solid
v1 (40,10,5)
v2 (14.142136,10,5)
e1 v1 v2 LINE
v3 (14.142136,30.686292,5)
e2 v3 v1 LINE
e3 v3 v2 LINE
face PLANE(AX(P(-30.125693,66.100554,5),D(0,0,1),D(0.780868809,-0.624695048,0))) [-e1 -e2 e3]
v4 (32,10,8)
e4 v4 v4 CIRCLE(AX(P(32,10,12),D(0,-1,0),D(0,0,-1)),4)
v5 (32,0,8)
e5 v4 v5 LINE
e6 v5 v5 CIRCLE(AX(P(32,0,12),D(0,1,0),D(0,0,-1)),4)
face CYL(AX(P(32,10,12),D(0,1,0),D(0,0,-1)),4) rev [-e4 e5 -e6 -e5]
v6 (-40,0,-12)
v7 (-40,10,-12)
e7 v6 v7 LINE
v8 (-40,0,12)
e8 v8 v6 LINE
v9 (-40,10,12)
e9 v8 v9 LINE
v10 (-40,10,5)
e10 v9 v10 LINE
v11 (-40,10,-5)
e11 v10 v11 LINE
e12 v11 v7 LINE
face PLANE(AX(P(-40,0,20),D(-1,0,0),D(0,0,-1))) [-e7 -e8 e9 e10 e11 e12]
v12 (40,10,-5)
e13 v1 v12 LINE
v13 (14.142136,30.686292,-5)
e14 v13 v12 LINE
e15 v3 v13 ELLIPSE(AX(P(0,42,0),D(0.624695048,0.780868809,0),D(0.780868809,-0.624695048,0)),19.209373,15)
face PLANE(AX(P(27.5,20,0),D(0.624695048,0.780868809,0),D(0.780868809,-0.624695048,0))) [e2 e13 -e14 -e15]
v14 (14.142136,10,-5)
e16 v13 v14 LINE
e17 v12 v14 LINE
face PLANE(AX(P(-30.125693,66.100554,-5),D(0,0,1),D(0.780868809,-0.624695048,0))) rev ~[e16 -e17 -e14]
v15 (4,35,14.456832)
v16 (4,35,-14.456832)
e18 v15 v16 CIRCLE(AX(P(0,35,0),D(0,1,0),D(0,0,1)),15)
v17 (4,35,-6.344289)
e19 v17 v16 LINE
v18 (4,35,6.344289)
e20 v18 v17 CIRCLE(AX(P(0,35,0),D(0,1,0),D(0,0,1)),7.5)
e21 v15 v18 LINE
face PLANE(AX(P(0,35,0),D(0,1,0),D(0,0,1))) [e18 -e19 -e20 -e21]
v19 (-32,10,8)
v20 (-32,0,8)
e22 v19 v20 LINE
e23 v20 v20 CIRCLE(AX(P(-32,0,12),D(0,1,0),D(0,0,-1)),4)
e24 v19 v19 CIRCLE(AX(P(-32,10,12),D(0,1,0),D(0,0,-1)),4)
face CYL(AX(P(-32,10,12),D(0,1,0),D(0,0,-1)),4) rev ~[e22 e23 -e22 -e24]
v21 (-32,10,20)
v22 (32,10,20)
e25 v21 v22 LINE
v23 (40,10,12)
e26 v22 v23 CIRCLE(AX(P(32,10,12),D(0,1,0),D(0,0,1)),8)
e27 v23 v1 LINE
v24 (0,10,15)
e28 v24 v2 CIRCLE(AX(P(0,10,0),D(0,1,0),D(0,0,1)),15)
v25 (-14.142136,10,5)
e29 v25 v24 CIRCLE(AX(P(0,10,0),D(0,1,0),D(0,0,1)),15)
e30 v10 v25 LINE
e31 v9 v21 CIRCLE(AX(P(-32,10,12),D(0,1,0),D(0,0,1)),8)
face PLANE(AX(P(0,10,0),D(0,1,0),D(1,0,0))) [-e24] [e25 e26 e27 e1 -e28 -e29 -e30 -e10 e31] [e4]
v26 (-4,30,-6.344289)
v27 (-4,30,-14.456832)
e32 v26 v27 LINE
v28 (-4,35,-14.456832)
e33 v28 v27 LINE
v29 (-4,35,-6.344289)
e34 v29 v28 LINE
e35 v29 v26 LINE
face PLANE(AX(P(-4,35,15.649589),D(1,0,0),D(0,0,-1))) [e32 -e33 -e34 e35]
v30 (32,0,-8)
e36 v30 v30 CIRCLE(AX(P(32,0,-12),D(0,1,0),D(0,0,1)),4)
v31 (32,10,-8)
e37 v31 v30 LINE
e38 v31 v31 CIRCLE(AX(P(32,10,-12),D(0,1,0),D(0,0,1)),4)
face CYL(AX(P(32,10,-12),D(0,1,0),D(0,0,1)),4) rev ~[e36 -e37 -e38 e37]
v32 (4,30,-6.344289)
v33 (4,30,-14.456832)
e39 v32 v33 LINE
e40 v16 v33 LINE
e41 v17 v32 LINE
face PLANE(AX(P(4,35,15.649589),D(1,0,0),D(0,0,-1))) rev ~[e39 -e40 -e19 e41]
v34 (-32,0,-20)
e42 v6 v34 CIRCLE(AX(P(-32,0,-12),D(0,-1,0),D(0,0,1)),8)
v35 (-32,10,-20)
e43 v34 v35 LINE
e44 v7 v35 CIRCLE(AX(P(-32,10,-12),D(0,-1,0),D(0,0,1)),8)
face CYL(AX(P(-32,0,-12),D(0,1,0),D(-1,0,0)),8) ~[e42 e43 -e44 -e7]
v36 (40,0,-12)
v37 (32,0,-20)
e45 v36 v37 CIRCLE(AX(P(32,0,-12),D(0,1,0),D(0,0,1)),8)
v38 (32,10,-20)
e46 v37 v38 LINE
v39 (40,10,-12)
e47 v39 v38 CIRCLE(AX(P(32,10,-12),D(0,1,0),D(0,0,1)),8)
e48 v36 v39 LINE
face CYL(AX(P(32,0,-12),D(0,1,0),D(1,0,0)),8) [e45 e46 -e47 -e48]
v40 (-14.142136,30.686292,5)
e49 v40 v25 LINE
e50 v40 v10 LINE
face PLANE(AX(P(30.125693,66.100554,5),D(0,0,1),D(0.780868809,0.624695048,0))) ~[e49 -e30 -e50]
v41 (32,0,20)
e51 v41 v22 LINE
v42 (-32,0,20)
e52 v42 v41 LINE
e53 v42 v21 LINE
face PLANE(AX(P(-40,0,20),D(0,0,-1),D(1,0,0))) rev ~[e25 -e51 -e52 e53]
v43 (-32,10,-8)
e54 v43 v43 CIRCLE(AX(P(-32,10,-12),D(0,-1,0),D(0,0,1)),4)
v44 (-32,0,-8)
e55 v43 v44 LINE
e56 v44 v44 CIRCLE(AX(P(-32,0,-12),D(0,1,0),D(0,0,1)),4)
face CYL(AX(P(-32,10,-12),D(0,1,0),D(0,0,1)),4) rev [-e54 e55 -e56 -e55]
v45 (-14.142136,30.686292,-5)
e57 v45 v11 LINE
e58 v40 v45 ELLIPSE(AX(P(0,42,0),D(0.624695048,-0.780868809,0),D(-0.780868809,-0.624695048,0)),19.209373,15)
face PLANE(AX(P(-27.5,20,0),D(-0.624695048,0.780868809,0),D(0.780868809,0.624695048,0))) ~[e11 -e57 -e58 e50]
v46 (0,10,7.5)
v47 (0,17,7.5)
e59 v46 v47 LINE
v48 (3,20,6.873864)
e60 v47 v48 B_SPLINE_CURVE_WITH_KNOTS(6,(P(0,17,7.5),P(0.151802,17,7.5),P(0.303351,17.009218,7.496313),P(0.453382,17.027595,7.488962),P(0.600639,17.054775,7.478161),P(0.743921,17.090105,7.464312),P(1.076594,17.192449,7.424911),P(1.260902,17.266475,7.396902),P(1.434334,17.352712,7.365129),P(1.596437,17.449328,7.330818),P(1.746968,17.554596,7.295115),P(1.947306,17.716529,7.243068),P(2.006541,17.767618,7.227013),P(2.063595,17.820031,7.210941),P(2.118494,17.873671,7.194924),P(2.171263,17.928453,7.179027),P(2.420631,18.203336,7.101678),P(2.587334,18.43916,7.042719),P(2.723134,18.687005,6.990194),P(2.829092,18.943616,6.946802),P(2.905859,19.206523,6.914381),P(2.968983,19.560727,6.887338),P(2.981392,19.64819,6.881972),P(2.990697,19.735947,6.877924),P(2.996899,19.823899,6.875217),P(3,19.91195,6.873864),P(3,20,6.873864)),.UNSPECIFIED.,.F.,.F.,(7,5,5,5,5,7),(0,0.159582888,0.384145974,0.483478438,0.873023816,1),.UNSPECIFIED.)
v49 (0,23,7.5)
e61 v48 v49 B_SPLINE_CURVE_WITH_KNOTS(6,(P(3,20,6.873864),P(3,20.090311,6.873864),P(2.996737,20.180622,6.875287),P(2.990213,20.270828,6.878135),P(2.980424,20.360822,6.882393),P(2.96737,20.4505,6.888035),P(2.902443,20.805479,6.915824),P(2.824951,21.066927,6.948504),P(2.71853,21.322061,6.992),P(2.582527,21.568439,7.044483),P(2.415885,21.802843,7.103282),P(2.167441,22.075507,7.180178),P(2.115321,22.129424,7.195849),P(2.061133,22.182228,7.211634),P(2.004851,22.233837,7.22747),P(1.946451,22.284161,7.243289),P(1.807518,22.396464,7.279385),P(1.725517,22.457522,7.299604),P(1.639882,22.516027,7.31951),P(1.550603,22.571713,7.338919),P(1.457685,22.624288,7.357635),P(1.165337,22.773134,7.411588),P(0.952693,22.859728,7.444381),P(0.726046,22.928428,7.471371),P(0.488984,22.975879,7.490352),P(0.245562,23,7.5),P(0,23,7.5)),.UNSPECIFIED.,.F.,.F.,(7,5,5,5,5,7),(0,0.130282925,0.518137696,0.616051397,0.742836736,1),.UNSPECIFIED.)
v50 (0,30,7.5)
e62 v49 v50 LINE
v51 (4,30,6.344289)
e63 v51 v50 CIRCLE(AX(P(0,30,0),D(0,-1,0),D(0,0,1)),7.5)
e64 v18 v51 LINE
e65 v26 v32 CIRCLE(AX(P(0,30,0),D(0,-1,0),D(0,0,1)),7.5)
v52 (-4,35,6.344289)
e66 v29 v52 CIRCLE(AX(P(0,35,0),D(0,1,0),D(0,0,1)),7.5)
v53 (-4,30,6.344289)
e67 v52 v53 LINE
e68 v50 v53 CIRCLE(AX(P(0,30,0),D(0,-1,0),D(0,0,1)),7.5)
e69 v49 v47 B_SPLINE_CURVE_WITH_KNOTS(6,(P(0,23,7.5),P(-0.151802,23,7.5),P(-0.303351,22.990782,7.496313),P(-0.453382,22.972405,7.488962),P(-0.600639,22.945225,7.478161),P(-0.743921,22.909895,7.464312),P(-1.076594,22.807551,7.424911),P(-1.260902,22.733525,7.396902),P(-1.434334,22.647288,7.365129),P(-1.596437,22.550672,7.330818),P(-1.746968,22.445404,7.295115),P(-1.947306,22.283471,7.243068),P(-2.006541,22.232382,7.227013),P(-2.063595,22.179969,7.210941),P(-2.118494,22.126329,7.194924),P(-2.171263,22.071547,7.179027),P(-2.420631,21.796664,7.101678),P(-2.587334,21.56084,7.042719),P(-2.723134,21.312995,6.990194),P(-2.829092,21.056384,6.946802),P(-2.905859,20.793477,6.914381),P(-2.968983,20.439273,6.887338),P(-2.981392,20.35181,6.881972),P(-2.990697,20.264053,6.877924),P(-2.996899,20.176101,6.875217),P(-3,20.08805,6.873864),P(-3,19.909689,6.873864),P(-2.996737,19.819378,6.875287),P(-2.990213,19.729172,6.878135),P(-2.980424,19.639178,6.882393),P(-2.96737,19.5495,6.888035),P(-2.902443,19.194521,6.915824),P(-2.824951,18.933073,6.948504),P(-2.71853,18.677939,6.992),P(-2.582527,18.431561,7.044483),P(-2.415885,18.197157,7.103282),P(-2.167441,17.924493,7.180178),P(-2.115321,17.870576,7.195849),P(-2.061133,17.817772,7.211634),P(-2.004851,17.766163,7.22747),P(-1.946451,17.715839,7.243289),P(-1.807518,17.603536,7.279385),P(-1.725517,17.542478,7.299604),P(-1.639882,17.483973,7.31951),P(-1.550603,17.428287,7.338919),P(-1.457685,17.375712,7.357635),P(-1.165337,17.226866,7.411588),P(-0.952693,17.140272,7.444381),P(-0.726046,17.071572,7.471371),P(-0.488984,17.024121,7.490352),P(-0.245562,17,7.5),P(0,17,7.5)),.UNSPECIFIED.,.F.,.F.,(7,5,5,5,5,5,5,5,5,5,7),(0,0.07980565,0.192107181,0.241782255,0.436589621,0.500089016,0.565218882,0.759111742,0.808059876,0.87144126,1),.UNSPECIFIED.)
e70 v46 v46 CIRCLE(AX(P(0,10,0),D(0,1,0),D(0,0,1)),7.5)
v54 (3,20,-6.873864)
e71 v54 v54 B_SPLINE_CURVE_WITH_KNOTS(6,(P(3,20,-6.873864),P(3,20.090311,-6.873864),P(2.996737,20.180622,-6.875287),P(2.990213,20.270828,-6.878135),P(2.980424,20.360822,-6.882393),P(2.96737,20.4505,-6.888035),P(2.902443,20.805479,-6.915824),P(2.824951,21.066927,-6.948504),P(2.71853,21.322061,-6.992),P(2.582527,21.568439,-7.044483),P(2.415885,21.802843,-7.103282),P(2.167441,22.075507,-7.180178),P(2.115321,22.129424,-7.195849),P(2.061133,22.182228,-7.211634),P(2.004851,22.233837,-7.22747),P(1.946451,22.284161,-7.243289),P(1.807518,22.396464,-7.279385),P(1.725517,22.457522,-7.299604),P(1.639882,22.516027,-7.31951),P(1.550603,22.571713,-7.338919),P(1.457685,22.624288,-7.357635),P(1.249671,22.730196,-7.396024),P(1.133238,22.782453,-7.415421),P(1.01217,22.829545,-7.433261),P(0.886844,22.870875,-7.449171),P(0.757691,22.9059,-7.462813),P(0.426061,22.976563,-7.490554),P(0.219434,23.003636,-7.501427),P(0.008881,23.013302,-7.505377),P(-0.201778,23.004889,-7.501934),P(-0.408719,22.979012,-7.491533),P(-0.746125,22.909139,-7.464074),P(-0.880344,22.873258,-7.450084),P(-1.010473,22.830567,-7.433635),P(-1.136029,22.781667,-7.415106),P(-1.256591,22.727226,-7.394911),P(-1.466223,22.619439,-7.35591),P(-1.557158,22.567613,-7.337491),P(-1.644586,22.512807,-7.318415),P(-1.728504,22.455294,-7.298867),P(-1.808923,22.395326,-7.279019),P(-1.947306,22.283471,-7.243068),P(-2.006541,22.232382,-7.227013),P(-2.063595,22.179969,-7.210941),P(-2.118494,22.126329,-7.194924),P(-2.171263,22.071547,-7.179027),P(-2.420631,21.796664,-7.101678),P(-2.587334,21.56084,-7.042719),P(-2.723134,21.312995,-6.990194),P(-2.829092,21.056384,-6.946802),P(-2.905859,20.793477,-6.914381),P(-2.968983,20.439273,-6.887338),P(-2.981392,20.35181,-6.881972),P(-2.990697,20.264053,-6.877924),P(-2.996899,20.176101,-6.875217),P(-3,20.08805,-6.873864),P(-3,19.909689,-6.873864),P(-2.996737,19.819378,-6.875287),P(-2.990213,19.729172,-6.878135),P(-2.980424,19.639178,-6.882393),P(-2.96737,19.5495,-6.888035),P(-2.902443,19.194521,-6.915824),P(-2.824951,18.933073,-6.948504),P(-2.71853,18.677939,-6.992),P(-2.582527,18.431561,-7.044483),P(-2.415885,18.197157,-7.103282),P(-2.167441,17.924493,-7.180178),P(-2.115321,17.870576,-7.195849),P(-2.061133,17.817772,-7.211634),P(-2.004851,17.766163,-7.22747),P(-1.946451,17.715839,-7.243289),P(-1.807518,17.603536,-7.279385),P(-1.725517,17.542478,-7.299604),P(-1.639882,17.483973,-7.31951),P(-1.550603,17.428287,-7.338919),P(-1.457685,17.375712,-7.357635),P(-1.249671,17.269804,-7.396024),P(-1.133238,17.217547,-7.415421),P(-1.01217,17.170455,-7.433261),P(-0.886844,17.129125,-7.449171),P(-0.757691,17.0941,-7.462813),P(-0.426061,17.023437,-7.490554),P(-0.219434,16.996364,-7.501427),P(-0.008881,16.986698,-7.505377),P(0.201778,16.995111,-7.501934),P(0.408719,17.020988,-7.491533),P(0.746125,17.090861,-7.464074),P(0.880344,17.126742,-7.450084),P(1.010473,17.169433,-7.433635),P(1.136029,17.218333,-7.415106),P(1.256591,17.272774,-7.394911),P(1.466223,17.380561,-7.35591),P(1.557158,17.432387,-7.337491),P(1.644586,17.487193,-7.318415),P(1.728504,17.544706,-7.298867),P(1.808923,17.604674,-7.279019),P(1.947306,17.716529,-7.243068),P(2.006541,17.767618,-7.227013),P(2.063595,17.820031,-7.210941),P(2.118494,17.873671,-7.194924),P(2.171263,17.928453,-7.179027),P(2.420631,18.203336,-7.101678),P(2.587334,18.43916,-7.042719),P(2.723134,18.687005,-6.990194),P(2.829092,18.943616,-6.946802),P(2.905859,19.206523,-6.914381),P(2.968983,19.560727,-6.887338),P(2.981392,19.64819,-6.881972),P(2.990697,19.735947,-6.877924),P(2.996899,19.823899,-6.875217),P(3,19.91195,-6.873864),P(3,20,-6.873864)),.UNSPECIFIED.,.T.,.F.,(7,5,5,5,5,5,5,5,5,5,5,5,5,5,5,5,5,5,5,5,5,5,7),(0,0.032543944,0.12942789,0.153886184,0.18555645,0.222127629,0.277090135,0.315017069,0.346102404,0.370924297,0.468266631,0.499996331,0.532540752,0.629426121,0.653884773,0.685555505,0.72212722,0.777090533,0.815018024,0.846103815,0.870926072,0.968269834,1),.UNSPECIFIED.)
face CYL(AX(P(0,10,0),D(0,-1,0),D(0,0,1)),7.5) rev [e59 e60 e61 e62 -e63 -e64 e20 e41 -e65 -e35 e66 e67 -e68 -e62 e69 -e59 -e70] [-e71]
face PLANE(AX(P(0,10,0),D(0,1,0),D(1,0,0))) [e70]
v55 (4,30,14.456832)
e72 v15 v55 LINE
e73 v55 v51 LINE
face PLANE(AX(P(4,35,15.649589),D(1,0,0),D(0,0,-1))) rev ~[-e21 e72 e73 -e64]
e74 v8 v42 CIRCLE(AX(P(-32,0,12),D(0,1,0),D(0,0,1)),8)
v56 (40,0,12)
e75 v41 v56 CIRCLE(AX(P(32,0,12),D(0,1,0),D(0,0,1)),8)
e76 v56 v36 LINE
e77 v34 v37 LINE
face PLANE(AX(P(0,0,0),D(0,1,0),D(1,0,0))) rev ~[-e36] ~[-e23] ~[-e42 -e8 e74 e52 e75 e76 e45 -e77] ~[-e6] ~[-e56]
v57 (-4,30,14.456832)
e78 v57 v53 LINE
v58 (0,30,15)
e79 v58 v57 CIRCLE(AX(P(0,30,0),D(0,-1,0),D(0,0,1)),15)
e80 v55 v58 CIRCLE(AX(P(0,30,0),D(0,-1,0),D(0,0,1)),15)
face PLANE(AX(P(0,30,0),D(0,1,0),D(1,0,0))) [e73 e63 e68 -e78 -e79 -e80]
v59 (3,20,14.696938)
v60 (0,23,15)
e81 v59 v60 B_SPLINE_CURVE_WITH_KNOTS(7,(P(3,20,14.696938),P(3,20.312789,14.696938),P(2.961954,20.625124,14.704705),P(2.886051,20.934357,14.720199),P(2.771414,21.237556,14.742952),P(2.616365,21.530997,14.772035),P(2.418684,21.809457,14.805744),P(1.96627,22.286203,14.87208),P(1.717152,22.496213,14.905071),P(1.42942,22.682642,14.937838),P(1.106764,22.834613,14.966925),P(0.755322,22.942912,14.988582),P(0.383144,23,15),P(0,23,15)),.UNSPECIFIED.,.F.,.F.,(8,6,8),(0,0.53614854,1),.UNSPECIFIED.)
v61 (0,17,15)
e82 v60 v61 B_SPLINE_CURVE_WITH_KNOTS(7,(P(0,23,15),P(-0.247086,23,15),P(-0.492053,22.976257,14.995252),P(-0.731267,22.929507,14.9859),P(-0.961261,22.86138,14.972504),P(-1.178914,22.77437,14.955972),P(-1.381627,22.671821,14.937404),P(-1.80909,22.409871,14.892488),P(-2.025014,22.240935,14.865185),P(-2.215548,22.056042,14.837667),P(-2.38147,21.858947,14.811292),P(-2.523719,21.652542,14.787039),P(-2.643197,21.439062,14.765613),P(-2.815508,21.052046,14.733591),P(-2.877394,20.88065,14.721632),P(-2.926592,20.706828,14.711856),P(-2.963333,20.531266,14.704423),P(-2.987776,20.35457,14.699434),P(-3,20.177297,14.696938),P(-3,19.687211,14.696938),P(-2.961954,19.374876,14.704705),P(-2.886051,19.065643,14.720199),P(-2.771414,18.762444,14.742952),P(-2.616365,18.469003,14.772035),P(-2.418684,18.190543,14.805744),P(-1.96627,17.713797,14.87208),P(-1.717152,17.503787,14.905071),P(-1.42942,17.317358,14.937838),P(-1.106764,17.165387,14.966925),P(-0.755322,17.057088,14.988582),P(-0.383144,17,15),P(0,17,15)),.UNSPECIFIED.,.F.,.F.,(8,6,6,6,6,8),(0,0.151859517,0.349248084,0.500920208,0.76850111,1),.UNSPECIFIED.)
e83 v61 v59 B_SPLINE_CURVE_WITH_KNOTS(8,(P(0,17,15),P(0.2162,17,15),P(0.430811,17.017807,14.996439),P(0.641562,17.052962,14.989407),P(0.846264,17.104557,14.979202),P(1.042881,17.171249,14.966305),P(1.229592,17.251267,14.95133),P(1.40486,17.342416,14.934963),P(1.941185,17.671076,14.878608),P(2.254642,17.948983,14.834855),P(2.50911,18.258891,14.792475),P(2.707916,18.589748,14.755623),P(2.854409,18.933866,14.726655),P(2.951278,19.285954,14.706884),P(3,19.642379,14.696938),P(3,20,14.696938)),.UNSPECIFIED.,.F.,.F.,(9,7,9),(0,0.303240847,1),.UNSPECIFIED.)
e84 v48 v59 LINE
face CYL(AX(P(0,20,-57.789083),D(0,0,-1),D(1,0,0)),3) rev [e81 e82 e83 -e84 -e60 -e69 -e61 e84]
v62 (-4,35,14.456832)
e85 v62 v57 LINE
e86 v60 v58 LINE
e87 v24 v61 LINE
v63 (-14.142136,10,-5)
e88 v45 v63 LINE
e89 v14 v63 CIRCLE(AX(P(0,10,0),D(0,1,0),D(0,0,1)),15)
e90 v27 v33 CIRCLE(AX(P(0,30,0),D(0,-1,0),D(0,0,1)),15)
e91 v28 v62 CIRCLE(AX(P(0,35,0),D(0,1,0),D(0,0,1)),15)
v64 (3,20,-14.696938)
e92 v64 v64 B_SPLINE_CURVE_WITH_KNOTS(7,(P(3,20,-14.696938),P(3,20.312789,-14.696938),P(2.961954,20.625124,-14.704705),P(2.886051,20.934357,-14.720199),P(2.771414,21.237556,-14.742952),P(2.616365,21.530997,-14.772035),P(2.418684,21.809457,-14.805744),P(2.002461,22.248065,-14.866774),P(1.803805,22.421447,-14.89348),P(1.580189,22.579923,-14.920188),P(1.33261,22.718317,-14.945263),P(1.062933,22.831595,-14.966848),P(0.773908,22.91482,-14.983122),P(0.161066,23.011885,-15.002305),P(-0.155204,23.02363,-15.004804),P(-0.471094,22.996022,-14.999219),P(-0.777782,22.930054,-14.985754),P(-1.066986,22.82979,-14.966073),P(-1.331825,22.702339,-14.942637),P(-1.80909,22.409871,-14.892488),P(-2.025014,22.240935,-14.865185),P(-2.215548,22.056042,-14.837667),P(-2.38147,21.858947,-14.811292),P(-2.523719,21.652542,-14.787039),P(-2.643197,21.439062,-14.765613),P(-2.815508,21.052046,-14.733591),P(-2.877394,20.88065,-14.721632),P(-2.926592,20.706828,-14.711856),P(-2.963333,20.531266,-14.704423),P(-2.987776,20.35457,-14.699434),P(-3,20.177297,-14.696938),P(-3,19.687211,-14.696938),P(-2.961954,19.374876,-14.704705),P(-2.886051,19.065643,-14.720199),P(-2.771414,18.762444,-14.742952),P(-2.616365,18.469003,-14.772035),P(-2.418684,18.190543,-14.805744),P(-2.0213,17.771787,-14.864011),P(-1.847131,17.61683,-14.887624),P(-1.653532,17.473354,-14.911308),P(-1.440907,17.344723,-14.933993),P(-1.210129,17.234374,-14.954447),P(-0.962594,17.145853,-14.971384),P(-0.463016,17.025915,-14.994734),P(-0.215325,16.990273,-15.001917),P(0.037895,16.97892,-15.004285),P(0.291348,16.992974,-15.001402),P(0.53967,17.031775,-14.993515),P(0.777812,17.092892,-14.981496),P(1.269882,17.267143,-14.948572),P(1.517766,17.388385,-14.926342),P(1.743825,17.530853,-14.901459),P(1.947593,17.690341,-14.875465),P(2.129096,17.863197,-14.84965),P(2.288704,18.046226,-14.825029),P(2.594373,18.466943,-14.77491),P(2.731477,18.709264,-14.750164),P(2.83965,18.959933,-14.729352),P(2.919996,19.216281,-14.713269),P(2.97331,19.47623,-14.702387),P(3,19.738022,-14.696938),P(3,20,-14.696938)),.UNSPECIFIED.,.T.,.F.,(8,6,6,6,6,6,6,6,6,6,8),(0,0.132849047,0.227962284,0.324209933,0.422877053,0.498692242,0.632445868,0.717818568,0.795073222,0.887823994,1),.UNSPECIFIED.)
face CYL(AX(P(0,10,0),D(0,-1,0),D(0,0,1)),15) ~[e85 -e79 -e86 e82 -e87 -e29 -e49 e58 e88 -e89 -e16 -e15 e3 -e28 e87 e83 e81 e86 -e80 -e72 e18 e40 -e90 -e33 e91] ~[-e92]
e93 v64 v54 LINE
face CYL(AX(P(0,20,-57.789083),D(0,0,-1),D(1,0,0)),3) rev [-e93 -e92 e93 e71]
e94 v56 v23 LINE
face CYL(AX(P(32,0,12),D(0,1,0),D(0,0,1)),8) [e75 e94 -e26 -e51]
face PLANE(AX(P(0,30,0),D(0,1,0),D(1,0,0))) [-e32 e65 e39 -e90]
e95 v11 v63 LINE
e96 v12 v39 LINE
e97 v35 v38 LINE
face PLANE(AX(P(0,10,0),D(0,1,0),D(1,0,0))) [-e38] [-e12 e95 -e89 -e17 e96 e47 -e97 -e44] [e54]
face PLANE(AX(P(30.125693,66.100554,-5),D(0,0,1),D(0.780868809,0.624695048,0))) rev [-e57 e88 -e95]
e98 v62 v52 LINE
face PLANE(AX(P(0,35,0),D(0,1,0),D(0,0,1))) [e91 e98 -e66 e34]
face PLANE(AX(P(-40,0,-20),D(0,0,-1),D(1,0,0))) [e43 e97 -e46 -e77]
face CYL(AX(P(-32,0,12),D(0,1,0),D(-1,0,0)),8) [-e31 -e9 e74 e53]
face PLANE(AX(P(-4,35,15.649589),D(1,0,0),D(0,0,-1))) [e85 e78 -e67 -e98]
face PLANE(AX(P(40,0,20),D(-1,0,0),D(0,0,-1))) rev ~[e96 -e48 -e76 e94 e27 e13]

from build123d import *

# Parameters (mm, degrees)
SKETCH_1_W               = 80
SKETCH_1_H               = 40
EXTRUDE_1_DEPTH          = 10
FILLET_1_R               = 8
SKETCH_2_R               = 15
SKETCH_2_R_2             = 7.5
EXTRUDE_2_DEPTH          = 25
RIB_1_REACH              = 58.789
SKETCH_3_WALL_W          = 147.593788104
SKETCH_3_WALL_H          = 10
SKETCH_4_R               = 4
CUT_EXTRUDE_1_DEPTH      = 52.23475383
MIRROR_4_COPY_1_SKETCH_R = 4
MIRROR_4_COPY_1_DEPTH    = 52.23475383
MIRROR_4_COPY_2_SKETCH_R = 4
MIRROR_4_COPY_2_DEPTH    = 52.23475383
SKETCH_5_W               = 8
SKETCH_5_H               = 31.29917875
CUT_EXTRUDE_2_DEPTH      = 5
CUT_EXTRUDE_4_DEPTH      = 57.789083458
CUT_EXTRUDE_4_DEPTH_BACK = 57.789083458
SKETCH_6_R               = 3


with BuildPart() as part:
    # 草图1 → 凸台-拉伸1 (new body)
    with BuildSketch(Plane(origin=(0, 0, 0), x_dir=(1, 0, 0), z_dir=(0, 1, 0))):
        Rectangle(SKETCH_1_W, SKETCH_1_H)
    extrude(amount=EXTRUDE_1_DEPTH)

    # 圆角1
    fillet_1_edges = [part.edges().sort_by_distance(p)[0] for p in [
        (-40, 5, -20),
        (40, 5, -20),
        (40, 5, 20),
        (-40, 5, 20),
    ]]
    fillet(fillet_1_edges, radius=FILLET_1_R)

    # 草图2 → 凸台-拉伸2 (add)
    with BuildSketch(Plane(origin=(0, 10, 0), x_dir=(1, 0, 0), z_dir=(0, 1, 0))):
        with Locations(Location((0, 0, 0), (0, 0, 270))):
            Circle(SKETCH_2_R)
        with Locations(Location((0, 0, 0), (0, 0, 270))):
            Circle(SKETCH_2_R_2, mode=Mode.SUBTRACT)
    extrude(amount=EXTRUDE_2_DEPTH)

    # 草图3 wall → 筋1 (add, up to next)
    with BuildSketch(Plane(origin=(27.5, 20, 0), x_dir=(0.780868809443, -0.624695047554, 0), z_dir=(0.624695047554, 0.780868809443, 0)), mode=Mode.PRIVATE) as rib_1_sk1:
        Rectangle(SKETCH_3_WALL_W, SKETCH_3_WALL_H)
    rib_1_tool1 = extrude(rib_1_sk1.sketch, amount=-RIB_1_REACH, mode=Mode.PRIVATE) - part.part
    rib_1 = rib_1_tool1.solids().sort_by_distance((27.5, 20, 0))[0]
    add(rib_1)

    # 镜向1: 筋1 across plane
    add(rib_1.mirror(Plane(origin=(0, 0, 0), x_dir=(0, 0, 1), z_dir=(1, 0, 0))))

    # 草图4 → 切除-拉伸1 (cut, through all)
    with BuildSketch(Plane(origin=(0, 10, 0), x_dir=(1, 0, 0), z_dir=(0, 1, 0))):
        with Locations(Location((32, 12, 0), (0, 0, 270))):
            Circle(SKETCH_4_R)
    cut_extrude_1 = extrude(amount=-CUT_EXTRUDE_1_DEPTH, mode=Mode.SUBTRACT)

    # 镜向2: 切除-拉伸1 across plane
    add(cut_extrude_1.mirror(Plane.XY), mode=Mode.SUBTRACT)

    # 镜向3: 切除-拉伸1 across plane
    add(cut_extrude_1.mirror(Plane(origin=(0, 0, 0), x_dir=(0, 0, 1), z_dir=(1, 0, 0))), mode=Mode.SUBTRACT)

    # 镜向4 copy 1 sketch → 镜向4 copy 1 (cut, through all)
    with BuildSketch(Plane(origin=(0, 10, 0), x_dir=(-1, 0, 0), z_dir=(0, 1, 0))):
        with Locations(Location((32, 12, 0), (0, 0, 270))):
            Circle(MIRROR_4_COPY_1_SKETCH_R)
    extrude(amount=-MIRROR_4_COPY_1_DEPTH, mode=Mode.SUBTRACT)

    # 镜向4 copy 2 sketch → 镜向4 copy 2 (cut, through all)
    with BuildSketch(Plane(origin=(0, 10, 0), x_dir=(1, 0, 0), z_dir=(0, 1, 0))):
        with Locations((32, -12)):
            Circle(MIRROR_4_COPY_2_SKETCH_R)
    extrude(amount=-MIRROR_4_COPY_2_DEPTH, mode=Mode.SUBTRACT)

    # 草图5 → 切除-拉伸2 (cut)
    with BuildSketch(Plane(origin=(0, 35, 0), x_dir=(1, 0, 0), z_dir=(0, 1, 0))):
        Rectangle(SKETCH_5_W, SKETCH_5_H)
    extrude(amount=-CUT_EXTRUDE_2_DEPTH, mode=Mode.SUBTRACT)

    # 草图6 → 切除-拉伸4 (cut, two sides: drawn at the far end of the back side and taken through both)
    with BuildSketch(Plane.XY.offset(-CUT_EXTRUDE_4_DEPTH_BACK)):
        with Locations((0, 20)):
            Circle(SKETCH_6_R)
    extrude(amount=CUT_EXTRUDE_4_DEPTH + CUT_EXTRUDE_4_DEPTH_BACK, mode=Mode.SUBTRACT)


solid = part.part
